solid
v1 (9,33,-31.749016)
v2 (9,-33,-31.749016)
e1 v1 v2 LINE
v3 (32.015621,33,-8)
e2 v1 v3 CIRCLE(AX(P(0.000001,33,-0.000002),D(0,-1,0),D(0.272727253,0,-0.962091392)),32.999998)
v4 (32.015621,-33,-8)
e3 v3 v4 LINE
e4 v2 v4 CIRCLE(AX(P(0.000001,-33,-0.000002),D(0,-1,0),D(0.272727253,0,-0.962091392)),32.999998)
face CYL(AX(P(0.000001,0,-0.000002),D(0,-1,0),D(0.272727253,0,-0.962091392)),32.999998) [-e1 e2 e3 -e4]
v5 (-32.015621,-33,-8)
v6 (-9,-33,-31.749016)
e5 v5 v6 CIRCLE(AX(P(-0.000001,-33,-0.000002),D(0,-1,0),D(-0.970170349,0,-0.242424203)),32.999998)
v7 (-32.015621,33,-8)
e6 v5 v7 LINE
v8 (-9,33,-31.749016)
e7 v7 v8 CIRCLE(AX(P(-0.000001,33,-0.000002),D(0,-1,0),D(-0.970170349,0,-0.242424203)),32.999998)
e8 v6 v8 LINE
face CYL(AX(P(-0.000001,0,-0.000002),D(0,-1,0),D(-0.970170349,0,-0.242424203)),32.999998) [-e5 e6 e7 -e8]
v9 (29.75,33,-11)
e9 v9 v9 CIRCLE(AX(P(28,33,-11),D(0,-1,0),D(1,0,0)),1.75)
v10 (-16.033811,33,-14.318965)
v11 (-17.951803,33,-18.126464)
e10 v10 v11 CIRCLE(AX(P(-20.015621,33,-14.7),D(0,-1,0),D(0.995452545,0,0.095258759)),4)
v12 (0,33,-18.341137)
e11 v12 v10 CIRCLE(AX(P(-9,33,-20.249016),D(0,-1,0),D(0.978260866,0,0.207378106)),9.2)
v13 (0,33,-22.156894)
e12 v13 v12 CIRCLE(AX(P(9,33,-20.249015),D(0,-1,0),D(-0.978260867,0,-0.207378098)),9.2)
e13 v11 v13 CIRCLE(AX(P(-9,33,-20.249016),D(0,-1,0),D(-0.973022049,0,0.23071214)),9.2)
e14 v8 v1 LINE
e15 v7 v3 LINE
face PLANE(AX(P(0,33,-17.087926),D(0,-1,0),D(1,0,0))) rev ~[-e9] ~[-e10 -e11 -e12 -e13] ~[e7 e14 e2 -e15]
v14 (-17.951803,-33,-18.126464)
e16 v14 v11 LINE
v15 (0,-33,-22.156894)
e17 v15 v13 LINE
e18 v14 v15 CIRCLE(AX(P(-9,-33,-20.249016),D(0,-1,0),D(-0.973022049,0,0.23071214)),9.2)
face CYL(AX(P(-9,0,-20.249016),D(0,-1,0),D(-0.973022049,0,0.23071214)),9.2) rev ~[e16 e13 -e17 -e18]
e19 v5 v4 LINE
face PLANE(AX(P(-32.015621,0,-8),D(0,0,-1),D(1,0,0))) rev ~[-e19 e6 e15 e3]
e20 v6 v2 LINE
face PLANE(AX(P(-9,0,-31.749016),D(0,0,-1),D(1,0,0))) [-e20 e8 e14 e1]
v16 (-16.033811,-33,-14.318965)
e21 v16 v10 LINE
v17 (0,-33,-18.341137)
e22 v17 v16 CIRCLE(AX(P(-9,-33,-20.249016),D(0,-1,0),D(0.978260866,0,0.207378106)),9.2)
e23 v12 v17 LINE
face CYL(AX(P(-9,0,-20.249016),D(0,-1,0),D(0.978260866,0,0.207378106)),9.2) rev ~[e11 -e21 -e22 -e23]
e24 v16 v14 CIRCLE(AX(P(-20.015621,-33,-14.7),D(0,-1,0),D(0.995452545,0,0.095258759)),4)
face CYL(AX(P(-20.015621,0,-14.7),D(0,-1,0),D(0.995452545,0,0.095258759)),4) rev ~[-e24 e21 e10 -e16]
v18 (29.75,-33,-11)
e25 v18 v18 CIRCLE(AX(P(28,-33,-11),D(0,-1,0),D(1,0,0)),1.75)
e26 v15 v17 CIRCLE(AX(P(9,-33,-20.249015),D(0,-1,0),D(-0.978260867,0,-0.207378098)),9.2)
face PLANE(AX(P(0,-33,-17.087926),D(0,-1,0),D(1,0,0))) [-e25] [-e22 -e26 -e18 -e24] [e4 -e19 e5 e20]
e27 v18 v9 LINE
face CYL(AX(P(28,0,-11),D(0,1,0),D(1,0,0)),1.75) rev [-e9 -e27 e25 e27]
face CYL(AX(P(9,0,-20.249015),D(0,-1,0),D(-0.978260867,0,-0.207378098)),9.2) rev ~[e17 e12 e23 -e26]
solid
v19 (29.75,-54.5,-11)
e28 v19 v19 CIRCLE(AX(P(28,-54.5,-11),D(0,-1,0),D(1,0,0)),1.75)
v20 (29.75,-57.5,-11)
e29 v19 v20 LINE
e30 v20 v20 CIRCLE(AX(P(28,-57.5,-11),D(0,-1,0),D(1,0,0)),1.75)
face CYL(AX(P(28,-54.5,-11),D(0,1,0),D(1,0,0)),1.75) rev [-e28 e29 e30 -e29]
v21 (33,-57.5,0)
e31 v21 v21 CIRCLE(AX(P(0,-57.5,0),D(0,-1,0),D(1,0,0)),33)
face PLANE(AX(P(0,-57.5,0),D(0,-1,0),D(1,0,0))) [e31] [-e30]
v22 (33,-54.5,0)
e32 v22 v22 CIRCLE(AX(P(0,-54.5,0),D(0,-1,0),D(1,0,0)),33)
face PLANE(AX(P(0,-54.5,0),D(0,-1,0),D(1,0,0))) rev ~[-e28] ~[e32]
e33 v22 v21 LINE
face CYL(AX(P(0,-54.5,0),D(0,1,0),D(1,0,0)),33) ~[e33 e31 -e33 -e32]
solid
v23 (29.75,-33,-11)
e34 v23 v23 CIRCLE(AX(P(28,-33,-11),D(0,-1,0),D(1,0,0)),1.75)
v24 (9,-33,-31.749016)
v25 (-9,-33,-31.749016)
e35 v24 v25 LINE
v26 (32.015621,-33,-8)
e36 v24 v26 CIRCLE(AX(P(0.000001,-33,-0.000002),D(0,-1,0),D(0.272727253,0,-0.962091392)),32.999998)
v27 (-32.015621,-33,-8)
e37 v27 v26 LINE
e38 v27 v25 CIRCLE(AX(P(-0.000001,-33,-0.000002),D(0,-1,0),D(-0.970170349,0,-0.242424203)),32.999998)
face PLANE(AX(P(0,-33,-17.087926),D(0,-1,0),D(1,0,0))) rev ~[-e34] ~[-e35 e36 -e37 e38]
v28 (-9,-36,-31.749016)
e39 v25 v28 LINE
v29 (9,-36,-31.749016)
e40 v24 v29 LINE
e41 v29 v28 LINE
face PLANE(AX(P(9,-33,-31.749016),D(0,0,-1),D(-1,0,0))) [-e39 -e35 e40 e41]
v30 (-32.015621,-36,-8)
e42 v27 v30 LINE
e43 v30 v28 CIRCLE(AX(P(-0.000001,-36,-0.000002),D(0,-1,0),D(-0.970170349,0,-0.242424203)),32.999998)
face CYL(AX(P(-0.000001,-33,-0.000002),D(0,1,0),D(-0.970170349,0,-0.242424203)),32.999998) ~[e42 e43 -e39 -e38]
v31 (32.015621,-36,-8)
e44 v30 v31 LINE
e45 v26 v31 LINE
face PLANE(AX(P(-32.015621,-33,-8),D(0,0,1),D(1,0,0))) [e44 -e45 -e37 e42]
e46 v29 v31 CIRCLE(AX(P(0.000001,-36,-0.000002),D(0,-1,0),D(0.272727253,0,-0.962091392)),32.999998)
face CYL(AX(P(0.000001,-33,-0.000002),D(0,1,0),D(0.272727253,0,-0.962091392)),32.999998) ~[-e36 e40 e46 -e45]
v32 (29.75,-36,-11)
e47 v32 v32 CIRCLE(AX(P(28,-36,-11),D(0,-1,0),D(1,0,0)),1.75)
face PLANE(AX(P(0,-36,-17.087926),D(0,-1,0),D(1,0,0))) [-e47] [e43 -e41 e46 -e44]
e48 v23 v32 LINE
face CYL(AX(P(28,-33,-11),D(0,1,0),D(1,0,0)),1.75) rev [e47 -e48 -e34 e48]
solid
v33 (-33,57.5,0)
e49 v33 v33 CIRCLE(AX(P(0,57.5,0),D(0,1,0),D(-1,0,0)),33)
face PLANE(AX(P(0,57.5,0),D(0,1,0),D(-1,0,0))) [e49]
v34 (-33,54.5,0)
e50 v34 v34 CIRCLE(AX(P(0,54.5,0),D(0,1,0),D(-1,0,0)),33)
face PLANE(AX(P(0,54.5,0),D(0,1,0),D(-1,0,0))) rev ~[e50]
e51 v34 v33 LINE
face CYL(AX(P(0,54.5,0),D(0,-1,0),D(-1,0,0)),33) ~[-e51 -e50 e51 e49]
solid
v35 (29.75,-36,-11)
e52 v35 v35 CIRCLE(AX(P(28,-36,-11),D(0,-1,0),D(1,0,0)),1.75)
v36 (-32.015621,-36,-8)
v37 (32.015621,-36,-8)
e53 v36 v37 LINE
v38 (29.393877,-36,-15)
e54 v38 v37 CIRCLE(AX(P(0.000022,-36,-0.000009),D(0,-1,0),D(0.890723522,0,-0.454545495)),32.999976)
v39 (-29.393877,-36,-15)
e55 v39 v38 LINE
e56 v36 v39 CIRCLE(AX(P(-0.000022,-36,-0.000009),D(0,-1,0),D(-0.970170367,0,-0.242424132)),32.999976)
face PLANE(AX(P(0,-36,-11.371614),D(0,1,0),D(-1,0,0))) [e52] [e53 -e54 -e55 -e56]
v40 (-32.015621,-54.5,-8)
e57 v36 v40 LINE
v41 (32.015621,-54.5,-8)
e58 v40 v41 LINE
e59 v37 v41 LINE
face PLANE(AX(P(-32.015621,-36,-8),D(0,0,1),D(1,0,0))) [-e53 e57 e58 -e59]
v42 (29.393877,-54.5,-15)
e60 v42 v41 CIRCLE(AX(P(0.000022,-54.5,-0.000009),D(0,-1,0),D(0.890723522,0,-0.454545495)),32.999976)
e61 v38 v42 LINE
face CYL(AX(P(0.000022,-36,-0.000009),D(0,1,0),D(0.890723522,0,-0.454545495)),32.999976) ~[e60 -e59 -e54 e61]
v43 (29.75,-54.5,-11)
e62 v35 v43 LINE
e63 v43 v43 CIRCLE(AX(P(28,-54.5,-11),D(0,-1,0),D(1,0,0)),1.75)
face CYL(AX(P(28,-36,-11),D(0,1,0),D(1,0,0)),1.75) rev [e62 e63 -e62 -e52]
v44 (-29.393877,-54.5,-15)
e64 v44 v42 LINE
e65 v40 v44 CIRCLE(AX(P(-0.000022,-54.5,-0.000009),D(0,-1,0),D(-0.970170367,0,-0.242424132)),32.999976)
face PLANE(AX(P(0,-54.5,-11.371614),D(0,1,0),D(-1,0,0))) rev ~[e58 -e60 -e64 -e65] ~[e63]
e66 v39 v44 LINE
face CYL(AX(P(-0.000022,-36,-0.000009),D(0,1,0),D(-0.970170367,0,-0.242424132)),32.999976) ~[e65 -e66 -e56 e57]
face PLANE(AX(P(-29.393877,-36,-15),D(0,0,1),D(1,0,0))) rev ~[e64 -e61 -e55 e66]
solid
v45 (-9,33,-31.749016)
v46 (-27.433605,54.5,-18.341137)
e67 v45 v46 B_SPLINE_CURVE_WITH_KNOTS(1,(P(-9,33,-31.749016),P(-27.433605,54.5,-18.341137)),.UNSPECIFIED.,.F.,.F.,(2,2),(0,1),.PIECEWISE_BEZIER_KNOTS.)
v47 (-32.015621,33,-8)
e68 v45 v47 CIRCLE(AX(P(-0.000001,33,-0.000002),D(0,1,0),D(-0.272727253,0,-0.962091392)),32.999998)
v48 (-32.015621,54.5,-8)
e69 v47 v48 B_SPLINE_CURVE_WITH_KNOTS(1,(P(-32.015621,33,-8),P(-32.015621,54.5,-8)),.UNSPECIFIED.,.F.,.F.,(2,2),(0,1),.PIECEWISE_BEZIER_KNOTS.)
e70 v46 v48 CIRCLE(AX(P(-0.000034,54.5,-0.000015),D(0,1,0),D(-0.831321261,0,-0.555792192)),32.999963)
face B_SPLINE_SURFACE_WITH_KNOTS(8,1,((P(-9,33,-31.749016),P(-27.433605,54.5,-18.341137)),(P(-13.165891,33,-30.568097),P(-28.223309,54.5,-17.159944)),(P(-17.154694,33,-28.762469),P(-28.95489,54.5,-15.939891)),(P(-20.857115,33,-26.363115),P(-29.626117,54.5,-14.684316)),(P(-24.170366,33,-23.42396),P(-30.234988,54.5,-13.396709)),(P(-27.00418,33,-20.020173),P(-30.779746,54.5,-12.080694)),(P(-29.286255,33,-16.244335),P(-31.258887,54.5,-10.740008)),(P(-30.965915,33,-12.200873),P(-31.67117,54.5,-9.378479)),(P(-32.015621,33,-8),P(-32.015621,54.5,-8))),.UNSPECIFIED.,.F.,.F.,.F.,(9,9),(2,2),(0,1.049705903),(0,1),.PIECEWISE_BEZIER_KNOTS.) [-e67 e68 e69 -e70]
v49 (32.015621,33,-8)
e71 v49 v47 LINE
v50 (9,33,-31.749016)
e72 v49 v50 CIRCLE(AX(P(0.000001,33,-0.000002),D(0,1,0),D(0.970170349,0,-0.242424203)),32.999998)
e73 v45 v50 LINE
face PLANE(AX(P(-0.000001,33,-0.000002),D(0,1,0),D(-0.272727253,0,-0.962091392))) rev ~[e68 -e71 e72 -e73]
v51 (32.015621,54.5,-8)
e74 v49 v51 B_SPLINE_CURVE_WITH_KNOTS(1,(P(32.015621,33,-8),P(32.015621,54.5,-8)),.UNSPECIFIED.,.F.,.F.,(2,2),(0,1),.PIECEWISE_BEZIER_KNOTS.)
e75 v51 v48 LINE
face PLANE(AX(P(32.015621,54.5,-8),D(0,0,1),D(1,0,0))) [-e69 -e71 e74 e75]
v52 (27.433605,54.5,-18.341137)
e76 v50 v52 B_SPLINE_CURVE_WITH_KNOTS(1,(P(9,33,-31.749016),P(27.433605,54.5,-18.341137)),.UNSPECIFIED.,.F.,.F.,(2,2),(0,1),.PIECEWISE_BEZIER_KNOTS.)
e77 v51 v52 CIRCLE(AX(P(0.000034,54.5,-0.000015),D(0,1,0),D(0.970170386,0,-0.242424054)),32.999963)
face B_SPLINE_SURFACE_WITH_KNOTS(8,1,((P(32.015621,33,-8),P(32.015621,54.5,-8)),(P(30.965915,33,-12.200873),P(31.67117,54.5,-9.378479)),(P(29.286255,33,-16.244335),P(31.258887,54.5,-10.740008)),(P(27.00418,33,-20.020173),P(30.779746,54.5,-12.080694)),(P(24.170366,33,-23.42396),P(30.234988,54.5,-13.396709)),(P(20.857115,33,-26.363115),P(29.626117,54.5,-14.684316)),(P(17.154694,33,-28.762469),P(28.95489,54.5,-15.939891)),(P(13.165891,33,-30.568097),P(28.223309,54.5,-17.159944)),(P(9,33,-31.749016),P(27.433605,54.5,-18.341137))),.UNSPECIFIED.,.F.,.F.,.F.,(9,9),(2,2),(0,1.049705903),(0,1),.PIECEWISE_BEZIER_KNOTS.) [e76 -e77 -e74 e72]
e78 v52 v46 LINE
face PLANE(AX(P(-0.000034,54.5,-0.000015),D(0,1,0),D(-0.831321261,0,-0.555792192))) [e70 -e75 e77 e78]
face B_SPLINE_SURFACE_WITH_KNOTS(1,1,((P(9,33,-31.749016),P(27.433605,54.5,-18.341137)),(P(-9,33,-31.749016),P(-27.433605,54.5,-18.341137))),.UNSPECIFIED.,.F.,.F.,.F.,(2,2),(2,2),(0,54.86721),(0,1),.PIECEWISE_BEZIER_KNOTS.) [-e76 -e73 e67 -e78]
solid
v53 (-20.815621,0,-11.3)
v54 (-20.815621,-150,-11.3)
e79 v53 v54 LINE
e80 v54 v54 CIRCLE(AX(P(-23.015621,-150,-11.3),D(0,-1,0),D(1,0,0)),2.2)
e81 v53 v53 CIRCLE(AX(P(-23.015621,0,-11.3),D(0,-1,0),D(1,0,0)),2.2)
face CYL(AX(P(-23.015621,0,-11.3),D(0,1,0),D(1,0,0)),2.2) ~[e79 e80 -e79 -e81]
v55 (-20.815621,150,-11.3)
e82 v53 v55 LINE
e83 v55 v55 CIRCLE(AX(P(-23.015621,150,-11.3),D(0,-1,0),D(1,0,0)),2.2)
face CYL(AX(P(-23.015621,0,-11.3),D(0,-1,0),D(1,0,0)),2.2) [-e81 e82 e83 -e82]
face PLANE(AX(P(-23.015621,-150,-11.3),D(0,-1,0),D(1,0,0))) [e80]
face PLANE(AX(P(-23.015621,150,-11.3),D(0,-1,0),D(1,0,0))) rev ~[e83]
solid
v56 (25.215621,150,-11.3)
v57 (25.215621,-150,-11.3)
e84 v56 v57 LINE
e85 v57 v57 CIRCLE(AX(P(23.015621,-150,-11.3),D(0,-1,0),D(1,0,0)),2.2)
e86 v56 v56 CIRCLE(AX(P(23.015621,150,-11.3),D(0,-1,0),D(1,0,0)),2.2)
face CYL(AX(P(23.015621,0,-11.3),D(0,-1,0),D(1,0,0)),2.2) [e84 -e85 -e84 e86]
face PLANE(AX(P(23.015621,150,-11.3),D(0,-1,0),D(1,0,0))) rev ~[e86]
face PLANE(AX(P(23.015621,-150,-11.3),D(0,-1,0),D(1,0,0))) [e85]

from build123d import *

# Parameters (mm, degrees)
SKETCH_R         = 1.75
EXTRUDE_DEPTH    = 33
SKETCH001_R      = 1.75
EXTRUDE002_DEPTH = 3
SKETCH002_R      = 1.75
EXTRUDE004_DEPTH = 18.5
SKETCH003_R      = 33
SKETCH003_R_2    = 1.75
EXTRUDE005_DEPTH = 3
SKETCH007_R      = 33
EXTRUDE006_DEPTH = 3
SKETCH004_R      = 2.2
EXTRUDE007_DEPTH = 150


with BuildPart() as habitaculo_pilas:
    # Sketch → Extrude (new body, symmetric)
    with BuildSketch(Plane.XZ):
        with BuildLine():
            Line((-9, -31.749016), (9, -31.749016))
            ThreePointArc((9, -31.749016), (23.697558, -22.965752), (32.015621, -8))
            Line((-32.015621, -8), (32.015621, -8))
            ThreePointArc((-32.015621, -8), (-23.697558, -22.965752), (-9, -31.749016))
        make_face()
        with Locations((28, -11)):
            Circle(SKETCH_R, mode=Mode.SUBTRACT)
        with BuildLine():
            ThreePointArc((0, -18.341137), (-6.761487, -11.325504), (-16.033811, -14.318965))
            ThreePointArc((-16.033811, -14.318965), (-23.587969, -12.900463), (-17.951803, -18.126464))
            ThreePointArc((-17.951803, -18.126464), (-11.015359, -29.225559), (0, -22.156894))
            ThreePointArc((0, -22.156894), (18.2, -20.249016), (0, -18.341137))
        make_face(mode=Mode.SUBTRACT)
    extrude(amount=EXTRUDE_DEPTH, both=True)


with BuildPart() as tapapilas:
    # Sketch001 (on Face1 of Binder) → Extrude002 (new body)
    with BuildSketch(Plane.XZ.offset(33)):
        with BuildLine():
            ThreePointArc((9, -31.749016), (23.697558, -22.965752), (32.015621, -8))
            Line((-32.015621, -8), (32.015621, -8))
            ThreePointArc((-32.015621, -8), (-23.697558, -22.965752), (-9, -31.749016))
            Line((9, -31.749016), (-9, -31.749016))
        make_face()
        with Locations((28, -11)):
            Circle(SKETCH001_R, mode=Mode.SUBTRACT)
    extrude(amount=EXTRUDE002_DEPTH)


with BuildPart() as pieza_laterala:
    # Sketch002 (on Face1 of Binder001) → Extrude004 (new body)
    with BuildSketch(Plane.XZ.offset(36)):
        with BuildLine():
            Line((-32.015621, -8), (32.015621, -8))
            ThreePointArc((29.393877, -15), (30.903586, -11.574471), (32.015621, -8))
            Line((-29.393877, -15), (29.393877, -15))
            ThreePointArc((-32.015621, -8), (-30.903586, -11.574471), (-29.393877, -15))
        make_face()
        with Locations((28, -11)):
            Circle(SKETCH002_R, mode=Mode.SUBTRACT)
    extrude(amount=EXTRUDE004_DEPTH)


with BuildPart() as tapalaterala:
    # Sketch003 (on Face1 of Binder002) → Extrude005 (new body)
    with BuildSketch(Plane.XZ.offset(54.5)):
        Circle(SKETCH003_R)
        with Locations((28, -11)):
            Circle(SKETCH003_R_2, mode=Mode.SUBTRACT)
    extrude(amount=EXTRUDE005_DEPTH)


with BuildPart() as loft_body:
    # Sketch005 (on Face1 of Binder003) → Loft section 0
    with BuildSketch(Plane(origin=(0, 33, 0), x_dir=(-1, 0, 0), z_dir=(0, 1, 0))):
        with BuildLine():
            ThreePointArc((9, -31.749016), (23.697558, -22.965752), (32.015621, -8))
            Line((-32.015621, -8), (32.015621, -8))
            ThreePointArc((-32.015621, -8), (-23.697558, -22.965752), (-9, -31.749016))
            Line((9, -31.749016), (-9, -31.749016))
        make_face()
    # Sketch006 → Loft section 1
    with BuildSketch(Plane(origin=(0, 54.5, 0), x_dir=(-1, 0, 0), z_dir=(0, 1, 0))):
        with BuildLine():
            Line((-32.015621, -8), (32.015621, -8))
            ThreePointArc((27.433605, -18.341137), (30.17097, -13.368343), (32.015621, -8))
            Line((-27.433605, -18.341137), (27.433605, -18.341137))
            ThreePointArc((-32.015621, -8), (-30.17097, -13.368343), (-27.433605, -18.341137))
        make_face()
    loft()


with BuildPart() as tapalateralb:
    # Sketch007 (on Face6 of Loft) → Extrude006 (new body)
    with BuildSketch(Plane(origin=(0, 54.5, 0), x_dir=(-1, 0, 0), z_dir=(0, 1, 0))):
        Circle(SKETCH007_R)
    extrude(amount=EXTRUDE006_DEPTH)


with BuildPart() as taladros:
    # Sketch004 → Extrude007 (new body, symmetric)
    with BuildSketch(Plane.XZ):
        with Locations((-23.015621, -11.3)):
            Circle(SKETCH004_R)
        with Locations((23.015621, -11.3)):
            Circle(SKETCH004_R)
    extrude(amount=EXTRUDE007_DEPTH, both=True)


solid = Compound([habitaculo_pilas.part, tapapilas.part, pieza_laterala.part, tapalaterala.part, loft_body.part, tapalateralb.part, taladros.part])
